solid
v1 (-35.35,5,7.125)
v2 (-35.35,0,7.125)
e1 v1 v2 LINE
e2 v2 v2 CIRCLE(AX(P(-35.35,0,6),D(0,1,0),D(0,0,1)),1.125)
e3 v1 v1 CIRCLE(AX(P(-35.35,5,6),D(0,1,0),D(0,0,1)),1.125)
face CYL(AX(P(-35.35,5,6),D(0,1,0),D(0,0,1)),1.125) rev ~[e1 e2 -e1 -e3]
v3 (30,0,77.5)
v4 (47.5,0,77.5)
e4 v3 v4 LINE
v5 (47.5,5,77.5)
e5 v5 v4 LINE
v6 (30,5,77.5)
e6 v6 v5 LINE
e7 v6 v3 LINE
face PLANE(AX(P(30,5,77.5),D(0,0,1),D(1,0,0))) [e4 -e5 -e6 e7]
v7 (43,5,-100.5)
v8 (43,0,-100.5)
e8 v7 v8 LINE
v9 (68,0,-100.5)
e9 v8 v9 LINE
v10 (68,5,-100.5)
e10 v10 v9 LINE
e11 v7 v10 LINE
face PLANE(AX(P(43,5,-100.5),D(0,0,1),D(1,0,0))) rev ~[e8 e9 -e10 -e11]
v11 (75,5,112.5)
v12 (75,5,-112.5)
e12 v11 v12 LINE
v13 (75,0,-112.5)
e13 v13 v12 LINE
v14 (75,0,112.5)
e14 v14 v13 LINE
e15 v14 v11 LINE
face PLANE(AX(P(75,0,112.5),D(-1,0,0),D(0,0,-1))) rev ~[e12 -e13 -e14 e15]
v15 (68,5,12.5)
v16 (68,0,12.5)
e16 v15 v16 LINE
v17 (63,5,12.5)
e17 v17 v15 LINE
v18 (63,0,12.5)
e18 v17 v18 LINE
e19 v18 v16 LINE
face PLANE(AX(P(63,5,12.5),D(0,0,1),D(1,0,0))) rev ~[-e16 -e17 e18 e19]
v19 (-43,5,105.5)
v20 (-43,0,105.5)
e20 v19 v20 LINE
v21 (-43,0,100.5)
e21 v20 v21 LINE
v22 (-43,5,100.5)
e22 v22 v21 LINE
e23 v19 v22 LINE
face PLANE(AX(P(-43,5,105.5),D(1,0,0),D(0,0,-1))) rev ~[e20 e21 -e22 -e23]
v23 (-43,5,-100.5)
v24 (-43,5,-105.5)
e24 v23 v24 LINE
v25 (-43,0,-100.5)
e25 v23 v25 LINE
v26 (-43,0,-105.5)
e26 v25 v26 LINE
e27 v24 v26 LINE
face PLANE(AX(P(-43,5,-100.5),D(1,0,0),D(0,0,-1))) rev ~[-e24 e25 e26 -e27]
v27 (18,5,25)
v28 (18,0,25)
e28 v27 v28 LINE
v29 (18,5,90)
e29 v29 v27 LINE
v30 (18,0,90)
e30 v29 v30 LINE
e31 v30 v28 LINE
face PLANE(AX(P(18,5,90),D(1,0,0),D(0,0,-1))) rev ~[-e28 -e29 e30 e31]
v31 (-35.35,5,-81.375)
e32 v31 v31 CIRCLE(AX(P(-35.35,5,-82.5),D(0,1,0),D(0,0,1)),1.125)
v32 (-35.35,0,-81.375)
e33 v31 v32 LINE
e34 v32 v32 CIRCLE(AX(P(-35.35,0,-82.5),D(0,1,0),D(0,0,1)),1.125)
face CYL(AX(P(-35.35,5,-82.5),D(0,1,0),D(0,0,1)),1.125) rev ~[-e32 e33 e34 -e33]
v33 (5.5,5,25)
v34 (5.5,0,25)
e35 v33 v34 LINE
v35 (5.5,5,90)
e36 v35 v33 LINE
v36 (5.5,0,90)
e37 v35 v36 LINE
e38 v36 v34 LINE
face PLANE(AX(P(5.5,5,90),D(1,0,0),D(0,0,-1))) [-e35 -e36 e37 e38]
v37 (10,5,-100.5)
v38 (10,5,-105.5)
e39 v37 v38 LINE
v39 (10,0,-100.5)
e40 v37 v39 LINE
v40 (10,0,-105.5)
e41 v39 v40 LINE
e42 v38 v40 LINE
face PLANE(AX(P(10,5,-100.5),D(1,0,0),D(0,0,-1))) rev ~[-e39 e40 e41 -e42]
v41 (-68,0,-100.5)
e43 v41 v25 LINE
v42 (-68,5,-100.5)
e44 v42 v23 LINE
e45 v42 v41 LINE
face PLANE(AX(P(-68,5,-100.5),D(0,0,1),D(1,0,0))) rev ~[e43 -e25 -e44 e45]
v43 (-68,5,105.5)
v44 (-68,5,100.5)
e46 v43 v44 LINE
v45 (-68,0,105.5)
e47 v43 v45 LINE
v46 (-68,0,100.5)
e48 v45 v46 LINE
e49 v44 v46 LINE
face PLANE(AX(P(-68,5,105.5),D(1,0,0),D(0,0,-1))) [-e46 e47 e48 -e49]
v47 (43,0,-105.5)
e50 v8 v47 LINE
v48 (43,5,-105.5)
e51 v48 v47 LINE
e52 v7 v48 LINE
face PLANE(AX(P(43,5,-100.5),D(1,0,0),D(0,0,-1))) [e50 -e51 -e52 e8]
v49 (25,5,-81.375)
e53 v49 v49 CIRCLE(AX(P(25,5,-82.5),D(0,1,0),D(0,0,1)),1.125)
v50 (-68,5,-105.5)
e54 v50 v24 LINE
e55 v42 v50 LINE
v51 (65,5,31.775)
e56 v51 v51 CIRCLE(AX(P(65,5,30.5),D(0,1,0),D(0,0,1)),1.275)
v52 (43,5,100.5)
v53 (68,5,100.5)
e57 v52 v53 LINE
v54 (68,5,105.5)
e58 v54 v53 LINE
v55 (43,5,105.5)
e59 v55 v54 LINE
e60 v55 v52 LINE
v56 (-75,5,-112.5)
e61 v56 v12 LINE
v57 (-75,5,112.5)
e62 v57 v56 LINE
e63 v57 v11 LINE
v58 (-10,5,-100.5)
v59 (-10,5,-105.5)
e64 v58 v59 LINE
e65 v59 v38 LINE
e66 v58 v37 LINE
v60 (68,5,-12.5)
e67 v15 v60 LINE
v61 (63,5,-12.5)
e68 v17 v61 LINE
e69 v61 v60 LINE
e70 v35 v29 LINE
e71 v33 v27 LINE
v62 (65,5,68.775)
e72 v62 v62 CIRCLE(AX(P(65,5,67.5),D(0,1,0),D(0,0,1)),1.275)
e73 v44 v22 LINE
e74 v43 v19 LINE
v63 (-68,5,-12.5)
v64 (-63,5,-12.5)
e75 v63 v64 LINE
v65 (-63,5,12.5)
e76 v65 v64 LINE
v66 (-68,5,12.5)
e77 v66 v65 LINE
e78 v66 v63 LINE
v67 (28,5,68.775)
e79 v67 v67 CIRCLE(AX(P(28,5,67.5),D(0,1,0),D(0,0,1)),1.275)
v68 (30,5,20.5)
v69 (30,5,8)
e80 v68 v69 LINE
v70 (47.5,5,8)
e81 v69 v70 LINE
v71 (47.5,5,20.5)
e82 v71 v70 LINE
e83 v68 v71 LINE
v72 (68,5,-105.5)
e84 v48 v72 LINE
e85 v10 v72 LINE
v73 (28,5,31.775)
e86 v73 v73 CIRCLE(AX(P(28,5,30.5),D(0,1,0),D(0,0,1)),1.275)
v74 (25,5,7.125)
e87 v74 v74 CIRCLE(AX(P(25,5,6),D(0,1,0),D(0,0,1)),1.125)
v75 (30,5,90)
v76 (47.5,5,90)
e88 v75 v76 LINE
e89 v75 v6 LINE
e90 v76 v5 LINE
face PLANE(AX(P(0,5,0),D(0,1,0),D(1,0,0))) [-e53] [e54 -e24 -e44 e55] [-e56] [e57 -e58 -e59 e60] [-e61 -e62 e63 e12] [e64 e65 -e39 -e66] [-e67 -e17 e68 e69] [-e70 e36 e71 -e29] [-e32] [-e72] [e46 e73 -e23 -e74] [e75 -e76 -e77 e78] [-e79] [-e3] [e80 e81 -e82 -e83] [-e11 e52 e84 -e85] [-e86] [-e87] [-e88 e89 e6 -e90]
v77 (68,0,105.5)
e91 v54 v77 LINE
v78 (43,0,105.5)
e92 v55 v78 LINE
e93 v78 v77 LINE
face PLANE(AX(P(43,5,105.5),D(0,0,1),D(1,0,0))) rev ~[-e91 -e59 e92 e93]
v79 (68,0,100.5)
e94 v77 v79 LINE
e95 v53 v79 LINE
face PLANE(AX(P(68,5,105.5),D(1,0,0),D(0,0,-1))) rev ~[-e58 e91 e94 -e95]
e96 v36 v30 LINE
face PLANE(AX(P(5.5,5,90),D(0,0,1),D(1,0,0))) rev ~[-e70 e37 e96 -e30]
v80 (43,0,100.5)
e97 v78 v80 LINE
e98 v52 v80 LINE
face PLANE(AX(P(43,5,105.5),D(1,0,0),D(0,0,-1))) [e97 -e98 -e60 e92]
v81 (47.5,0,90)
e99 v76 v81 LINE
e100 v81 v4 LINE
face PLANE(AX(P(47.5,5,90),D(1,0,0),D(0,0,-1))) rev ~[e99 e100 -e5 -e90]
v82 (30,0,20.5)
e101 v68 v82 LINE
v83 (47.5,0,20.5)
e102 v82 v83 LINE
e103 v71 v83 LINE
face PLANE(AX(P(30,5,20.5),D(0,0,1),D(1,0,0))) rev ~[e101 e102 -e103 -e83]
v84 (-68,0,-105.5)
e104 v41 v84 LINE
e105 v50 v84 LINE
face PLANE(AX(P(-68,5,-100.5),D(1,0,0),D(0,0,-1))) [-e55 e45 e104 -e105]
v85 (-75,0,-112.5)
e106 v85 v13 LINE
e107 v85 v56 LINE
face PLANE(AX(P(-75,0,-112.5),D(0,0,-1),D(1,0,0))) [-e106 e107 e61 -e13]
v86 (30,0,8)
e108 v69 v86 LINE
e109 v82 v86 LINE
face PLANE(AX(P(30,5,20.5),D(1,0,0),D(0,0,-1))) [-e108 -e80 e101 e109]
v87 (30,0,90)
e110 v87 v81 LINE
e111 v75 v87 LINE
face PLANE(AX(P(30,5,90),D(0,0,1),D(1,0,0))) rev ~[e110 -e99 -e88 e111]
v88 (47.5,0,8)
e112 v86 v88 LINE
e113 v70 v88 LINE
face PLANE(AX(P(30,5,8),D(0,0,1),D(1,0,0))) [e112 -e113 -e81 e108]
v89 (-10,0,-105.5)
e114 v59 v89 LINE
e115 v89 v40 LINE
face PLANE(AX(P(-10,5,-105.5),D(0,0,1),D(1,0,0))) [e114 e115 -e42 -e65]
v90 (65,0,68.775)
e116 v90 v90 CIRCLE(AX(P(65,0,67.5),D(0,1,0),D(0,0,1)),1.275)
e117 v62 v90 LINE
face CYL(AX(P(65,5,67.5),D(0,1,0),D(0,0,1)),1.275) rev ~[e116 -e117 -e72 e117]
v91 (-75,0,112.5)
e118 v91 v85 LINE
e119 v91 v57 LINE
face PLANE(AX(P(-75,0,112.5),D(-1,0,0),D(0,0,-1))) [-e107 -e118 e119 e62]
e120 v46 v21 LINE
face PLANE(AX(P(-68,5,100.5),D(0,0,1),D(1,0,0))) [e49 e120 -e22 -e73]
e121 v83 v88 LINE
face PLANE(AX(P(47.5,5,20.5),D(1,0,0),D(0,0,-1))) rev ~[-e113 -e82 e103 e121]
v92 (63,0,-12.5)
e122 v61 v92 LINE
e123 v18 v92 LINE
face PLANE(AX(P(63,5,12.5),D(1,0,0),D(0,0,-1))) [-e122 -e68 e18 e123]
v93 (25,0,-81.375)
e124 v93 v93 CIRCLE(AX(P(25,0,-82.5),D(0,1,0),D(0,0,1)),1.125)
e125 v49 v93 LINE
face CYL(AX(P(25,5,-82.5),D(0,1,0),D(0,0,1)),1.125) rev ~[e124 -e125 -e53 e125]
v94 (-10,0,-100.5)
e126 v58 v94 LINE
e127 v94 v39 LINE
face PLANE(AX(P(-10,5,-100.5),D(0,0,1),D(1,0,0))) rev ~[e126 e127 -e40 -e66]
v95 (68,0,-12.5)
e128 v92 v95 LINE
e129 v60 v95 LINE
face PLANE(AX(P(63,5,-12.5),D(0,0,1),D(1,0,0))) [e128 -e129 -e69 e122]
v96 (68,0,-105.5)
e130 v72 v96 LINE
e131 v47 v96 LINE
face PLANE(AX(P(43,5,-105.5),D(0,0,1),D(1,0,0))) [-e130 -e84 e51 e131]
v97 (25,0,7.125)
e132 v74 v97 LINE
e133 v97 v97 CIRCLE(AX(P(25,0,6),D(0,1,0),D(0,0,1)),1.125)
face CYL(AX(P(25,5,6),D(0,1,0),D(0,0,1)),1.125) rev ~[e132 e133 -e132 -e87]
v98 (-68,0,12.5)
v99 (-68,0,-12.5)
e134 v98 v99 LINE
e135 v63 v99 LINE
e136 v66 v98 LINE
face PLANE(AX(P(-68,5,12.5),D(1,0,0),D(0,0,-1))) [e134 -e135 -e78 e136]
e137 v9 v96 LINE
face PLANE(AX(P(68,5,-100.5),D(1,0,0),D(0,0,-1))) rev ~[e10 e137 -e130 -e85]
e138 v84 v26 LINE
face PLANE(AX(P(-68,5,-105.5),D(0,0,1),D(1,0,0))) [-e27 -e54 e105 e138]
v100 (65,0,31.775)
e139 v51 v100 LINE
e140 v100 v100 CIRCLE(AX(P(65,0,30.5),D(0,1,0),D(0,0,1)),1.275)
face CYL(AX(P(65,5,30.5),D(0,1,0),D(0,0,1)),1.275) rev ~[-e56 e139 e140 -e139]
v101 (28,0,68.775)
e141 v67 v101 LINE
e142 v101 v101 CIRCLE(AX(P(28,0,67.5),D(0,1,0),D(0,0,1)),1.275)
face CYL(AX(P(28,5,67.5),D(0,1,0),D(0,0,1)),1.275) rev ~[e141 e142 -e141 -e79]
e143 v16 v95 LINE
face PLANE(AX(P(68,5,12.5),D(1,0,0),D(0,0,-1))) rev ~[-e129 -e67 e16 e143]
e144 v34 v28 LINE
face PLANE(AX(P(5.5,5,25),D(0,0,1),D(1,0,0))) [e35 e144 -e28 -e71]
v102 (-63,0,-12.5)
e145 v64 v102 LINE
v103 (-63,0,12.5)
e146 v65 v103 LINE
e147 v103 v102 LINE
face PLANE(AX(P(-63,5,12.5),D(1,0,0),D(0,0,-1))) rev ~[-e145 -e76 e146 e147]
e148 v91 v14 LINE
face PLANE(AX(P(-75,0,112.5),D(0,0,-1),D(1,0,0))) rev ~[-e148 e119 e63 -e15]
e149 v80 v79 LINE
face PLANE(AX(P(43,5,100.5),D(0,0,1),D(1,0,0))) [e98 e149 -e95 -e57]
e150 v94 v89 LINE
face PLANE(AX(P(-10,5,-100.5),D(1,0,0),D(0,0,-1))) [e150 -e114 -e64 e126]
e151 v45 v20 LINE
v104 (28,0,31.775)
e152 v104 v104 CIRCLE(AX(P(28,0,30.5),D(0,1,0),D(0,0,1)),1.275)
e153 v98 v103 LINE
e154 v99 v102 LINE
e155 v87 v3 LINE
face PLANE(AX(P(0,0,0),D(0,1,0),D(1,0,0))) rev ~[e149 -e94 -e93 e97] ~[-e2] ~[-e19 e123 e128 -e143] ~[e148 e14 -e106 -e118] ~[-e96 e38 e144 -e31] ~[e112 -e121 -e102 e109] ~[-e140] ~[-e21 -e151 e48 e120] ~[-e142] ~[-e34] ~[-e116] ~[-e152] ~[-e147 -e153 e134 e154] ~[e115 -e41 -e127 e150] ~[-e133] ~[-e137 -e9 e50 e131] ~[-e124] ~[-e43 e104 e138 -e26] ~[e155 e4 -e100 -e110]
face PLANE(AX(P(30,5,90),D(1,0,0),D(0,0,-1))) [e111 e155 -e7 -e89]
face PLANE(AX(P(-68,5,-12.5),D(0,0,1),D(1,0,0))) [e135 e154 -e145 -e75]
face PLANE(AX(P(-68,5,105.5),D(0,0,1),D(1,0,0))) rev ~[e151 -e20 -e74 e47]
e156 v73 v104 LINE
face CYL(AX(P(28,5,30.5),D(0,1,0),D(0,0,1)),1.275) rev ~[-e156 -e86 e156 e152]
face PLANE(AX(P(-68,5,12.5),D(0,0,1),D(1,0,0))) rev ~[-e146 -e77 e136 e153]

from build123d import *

# Parameters (mm, degrees)
SKETCH1_W           = 150
SKETCH1_H           = 225
BOSS_EXTRUDE1_DEPTH = 5
SKETCH2_R           = 1.125
CUT_EXTRUDE1_DEPTH  = 136.300591277
SKETCH3_R           = 1.275
CUT_EXTRUDE2_DEPTH  = 136.300591277
SKETCH6_W           = 20
SKETCH6_H           = 5
CUT_EXTRUDE3_DEPTH  = 136.300591277
SKETCH9_W           = 12.5
SKETCH9_H           = 65
SKETCH9_W_2         = 17.5
SKETCH9_H_2         = 12.5
CUT_EXTRUDE4_DEPTH  = 5
SKETCH10_W          = 25
SKETCH10_H          = 5
SKETCH10_W_2        = 5
SKETCH10_H_2        = 25
CUT_EXTRUDE5_DEPTH  = 5


with BuildPart() as part:
    # Sketch1 → Boss-Extrude1 (new body)
    with BuildSketch(Plane(origin=(0, 0, 0), x_dir=(1, 0, 0), z_dir=(0, 1, 0))):
        Rectangle(SKETCH1_W, SKETCH1_H)
    extrude(amount=BOSS_EXTRUDE1_DEPTH)

    # Sketch2 → Cut-Extrude1 (cut, through all)
    with BuildSketch(Plane(origin=(0, 5, 0), x_dir=(1, 0, 0), z_dir=(0, 1, 0))):
        with Locations(Location((-35.35, 82.5, 0), (0, 0, 270))):
            Circle(SKETCH2_R)
        with Locations(Location((25, 82.5, 0), (0, 0, 270))):
            Circle(SKETCH2_R)
        with Locations(Location((25, -6, 0), (0, 0, 270))):
            Circle(SKETCH2_R)
        with Locations(Location((-35.35, -6, 0), (0, 0, 270))):
            Circle(SKETCH2_R)
    extrude(amount=-CUT_EXTRUDE1_DEPTH, mode=Mode.SUBTRACT)

    # Sketch3 → Cut-Extrude2 (cut, through all)
    with BuildSketch(Plane(origin=(0, 5, 0), x_dir=(1, 0, 0), z_dir=(0, 1, 0))):
        with Locations(Location((28, -30.5, 0), (0, 0, 270))):
            Circle(SKETCH3_R)
        with Locations(Location((65, -30.5, 0), (0, 0, 270))):
            Circle(SKETCH3_R)
        with Locations(Location((65, -67.5, 0), (0, 0, 270))):
            Circle(SKETCH3_R)
        with Locations(Location((28, -67.5, 0), (0, 0, 270))):
            Circle(SKETCH3_R)
    extrude(amount=-CUT_EXTRUDE2_DEPTH, mode=Mode.SUBTRACT)

    # Sketch6 → Cut-Extrude3 (cut, through all)
    with BuildSketch(Plane(origin=(0, 5, 0), x_dir=(1, 0, 0), z_dir=(0, 1, 0))):
        with Locations((0, 103)):
            Rectangle(SKETCH6_W, SKETCH6_H)
    extrude(amount=-CUT_EXTRUDE3_DEPTH, mode=Mode.SUBTRACT)

    # Sketch9 → Cut-Extrude4 (cut)
    with BuildSketch(Plane(origin=(0, 5, 0), x_dir=(1, 0, 0), z_dir=(0, 1, 0))):
        with Locations((11.75, -57.5)):
            Rectangle(SKETCH9_W, SKETCH9_H)
        with Locations((38.75, -14.25)):
            Rectangle(SKETCH9_W_2, SKETCH9_H_2)
        with Locations((38.75, -83.75)):
            Rectangle(SKETCH9_W_2, SKETCH9_H_2)
    extrude(amount=-CUT_EXTRUDE4_DEPTH, mode=Mode.SUBTRACT)

    # Sketch10 → Cut-Extrude5 (cut)
    with BuildSketch(Plane(origin=(0, 5, 0), x_dir=(1, 0, 0), z_dir=(0, 1, 0))):
        with Locations((-55.5, -103)):
            Rectangle(SKETCH10_W, SKETCH10_H)
        with Locations((-55.5, 103)):
            Rectangle(SKETCH10_W, SKETCH10_H)
        with Locations((55.5, -103)):
            Rectangle(SKETCH10_W, SKETCH10_H)
        with Locations((55.5, 103)):
            Rectangle(SKETCH10_W, SKETCH10_H)
        with Locations((65.5, 0)):
            Rectangle(SKETCH10_W_2, SKETCH10_H_2)
        with Locations((-65.5, 0)):
            Rectangle(SKETCH10_W_2, SKETCH10_H_2)
    extrude(amount=-CUT_EXTRUDE5_DEPTH, mode=Mode.SUBTRACT)


solid = part.part
